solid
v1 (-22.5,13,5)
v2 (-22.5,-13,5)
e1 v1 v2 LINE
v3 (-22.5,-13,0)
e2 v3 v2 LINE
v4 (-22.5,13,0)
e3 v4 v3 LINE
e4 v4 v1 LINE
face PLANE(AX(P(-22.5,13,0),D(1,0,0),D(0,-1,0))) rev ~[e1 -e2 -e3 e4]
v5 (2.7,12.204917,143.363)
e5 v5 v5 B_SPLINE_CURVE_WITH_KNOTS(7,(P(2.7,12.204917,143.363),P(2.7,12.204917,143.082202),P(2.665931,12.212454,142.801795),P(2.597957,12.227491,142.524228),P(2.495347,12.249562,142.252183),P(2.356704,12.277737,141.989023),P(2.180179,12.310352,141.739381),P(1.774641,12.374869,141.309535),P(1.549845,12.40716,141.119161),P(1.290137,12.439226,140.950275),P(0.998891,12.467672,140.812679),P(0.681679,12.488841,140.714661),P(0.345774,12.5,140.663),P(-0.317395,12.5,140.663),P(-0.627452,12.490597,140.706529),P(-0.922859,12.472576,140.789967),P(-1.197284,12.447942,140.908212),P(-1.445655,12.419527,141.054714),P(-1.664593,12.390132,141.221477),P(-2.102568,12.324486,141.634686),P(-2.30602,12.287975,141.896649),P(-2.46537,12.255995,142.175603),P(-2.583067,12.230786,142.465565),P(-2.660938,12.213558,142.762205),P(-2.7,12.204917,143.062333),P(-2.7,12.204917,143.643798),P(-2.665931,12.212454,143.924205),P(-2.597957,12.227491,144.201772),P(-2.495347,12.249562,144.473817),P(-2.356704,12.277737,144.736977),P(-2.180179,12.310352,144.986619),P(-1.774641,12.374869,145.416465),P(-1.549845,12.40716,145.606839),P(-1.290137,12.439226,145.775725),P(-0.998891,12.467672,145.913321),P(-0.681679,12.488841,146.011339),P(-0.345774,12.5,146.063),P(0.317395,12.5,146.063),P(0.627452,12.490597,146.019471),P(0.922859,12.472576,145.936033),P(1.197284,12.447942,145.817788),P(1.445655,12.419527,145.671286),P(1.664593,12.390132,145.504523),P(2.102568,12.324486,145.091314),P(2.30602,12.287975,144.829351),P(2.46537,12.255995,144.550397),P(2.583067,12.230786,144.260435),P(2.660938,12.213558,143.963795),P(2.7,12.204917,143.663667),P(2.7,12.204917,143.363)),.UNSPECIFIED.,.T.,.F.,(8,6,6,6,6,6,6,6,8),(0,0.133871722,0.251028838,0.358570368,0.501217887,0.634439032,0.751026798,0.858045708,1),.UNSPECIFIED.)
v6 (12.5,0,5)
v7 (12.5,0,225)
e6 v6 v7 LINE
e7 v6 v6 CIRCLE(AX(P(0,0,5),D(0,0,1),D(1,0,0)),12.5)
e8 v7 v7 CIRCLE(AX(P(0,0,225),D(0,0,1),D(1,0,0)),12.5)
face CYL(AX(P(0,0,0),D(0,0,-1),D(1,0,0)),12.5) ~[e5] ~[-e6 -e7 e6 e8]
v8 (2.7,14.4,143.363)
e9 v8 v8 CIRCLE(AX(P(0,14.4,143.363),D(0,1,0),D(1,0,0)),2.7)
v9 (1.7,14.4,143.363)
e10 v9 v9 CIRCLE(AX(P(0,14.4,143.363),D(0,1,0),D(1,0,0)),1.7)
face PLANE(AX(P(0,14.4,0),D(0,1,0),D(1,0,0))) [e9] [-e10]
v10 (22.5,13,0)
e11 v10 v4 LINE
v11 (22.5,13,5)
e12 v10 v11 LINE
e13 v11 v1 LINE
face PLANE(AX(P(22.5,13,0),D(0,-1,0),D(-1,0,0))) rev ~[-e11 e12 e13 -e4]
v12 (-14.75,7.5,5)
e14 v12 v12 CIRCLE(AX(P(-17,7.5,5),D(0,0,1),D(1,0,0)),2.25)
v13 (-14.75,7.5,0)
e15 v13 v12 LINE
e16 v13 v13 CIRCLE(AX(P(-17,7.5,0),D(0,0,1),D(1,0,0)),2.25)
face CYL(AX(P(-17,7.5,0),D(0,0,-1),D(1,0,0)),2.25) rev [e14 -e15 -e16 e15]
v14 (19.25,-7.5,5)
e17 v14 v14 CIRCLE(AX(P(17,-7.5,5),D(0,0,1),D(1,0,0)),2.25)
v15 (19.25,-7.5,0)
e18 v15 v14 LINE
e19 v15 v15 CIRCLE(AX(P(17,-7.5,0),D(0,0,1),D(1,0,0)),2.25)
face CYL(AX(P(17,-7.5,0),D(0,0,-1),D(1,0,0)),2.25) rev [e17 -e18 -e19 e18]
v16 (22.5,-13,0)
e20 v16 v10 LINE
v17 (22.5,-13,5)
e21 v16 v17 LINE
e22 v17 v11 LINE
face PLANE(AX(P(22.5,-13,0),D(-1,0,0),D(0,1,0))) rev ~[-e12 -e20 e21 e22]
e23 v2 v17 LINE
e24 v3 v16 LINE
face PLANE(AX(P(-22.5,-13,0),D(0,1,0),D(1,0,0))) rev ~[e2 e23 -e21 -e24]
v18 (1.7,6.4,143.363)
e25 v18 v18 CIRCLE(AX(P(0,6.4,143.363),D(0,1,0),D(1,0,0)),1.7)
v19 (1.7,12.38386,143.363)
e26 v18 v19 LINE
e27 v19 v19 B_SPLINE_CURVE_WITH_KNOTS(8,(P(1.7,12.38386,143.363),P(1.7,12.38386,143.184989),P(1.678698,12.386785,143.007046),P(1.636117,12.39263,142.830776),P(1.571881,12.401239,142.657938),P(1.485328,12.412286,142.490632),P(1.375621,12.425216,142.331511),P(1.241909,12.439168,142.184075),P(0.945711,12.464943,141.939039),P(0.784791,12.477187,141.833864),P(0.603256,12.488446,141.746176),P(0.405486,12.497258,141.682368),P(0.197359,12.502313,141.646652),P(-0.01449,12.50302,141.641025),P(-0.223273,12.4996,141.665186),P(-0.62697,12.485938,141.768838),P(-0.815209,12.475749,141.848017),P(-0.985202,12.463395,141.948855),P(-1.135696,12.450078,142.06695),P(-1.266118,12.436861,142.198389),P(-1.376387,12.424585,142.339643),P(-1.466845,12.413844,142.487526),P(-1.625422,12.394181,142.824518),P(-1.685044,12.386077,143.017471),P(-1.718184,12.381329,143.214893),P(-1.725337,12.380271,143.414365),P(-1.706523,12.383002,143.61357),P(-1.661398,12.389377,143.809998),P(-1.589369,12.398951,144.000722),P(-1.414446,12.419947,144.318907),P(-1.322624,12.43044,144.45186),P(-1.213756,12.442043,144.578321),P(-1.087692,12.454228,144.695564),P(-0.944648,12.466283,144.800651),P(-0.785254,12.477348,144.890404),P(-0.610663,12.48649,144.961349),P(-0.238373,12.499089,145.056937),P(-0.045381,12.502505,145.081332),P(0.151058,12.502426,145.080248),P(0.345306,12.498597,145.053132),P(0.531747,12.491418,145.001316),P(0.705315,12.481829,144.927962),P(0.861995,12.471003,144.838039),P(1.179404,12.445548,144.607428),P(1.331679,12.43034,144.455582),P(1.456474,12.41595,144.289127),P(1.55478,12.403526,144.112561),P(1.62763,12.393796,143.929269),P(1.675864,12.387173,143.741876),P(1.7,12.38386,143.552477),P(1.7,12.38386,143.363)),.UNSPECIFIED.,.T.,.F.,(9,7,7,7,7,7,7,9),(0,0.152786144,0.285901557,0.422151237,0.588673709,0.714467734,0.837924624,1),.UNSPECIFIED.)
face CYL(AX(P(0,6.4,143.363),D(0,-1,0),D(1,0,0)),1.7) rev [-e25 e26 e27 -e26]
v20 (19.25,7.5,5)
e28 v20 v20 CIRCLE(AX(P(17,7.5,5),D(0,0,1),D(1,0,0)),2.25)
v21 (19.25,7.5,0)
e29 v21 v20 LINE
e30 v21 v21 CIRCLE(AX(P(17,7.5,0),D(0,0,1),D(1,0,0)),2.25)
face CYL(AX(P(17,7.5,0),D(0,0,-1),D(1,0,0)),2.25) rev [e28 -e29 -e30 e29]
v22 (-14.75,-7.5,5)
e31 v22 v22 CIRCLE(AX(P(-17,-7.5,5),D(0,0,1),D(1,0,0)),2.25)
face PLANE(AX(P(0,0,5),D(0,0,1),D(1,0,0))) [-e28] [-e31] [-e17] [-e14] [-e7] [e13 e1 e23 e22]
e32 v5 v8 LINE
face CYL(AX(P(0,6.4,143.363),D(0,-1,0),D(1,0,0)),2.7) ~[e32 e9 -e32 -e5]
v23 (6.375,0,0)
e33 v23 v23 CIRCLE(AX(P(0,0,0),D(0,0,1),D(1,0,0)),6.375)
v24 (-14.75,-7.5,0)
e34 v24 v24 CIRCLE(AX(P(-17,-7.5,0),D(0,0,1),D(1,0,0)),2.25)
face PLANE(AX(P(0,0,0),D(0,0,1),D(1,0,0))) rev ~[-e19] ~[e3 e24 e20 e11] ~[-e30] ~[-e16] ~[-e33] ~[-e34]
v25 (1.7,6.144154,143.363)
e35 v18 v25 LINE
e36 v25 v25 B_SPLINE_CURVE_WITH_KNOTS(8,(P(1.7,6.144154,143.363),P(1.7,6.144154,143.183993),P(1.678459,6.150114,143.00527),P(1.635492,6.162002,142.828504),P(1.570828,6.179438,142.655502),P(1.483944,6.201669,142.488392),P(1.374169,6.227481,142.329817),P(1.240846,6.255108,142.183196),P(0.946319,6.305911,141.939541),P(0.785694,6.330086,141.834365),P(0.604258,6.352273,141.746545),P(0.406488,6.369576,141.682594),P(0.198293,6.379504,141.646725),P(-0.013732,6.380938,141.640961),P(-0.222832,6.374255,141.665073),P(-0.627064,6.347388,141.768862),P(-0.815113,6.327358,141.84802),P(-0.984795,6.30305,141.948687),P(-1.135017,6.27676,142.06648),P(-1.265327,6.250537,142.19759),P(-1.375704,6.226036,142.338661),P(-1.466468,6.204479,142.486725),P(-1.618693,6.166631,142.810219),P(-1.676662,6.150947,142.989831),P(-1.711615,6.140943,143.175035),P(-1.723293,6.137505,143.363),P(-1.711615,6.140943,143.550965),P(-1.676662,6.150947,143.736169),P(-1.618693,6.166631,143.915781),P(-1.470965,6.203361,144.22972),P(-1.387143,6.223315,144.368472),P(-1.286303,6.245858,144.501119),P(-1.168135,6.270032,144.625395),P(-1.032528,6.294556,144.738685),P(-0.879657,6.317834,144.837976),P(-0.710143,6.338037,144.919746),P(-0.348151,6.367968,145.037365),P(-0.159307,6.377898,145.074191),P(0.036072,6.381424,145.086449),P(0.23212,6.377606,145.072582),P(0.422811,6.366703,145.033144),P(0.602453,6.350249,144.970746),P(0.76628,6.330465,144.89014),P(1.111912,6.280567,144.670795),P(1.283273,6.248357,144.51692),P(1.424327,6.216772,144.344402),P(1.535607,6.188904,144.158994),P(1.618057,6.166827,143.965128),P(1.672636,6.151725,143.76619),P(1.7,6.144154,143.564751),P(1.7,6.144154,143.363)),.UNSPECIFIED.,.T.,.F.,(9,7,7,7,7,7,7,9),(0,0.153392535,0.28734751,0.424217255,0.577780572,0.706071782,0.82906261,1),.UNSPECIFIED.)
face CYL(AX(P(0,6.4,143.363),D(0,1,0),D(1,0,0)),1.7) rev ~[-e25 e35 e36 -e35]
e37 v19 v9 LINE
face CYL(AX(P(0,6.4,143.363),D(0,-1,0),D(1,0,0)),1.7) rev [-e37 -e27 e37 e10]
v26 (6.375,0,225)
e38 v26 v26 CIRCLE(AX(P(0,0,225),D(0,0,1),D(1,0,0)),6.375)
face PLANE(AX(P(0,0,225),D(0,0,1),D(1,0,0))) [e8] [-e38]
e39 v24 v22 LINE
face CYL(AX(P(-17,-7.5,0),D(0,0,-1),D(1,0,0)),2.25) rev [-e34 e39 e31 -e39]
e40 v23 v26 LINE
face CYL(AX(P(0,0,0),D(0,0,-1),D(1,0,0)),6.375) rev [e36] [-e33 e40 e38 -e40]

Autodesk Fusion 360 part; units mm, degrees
sketch "Sketch1" plane through (0, 0, 0) normal (0, 0, 1) x (1, 0, 0)
  circle A0 centre (0, 0) radius 6.375
  circle A1 centre (0, 0) radius 12.5
  dimension "d1" = 25
  dimension "d2" = 12.75
extrude "Extrude1" add sketch "Sketch1" along normal blind 225 contours A0 | A1
extrude "Extrude19" cut sketch "Sketch1" along normal up to surface (225 mm away) contours A0
sketch "Sketch22" plane through (0, 0, 0) normal (0, 0, 1) x (1, 0, 0)
  line L0 (22.5, 13) -> (-22.5, 13)
  line L1 (-22.5, 13) -> (-22.5, -13)
  line L2 (-22.5, -13) -> (22.5, -13)
  line L3 (22.5, -13) -> (22.5, 13)
  circle A0 centre (0, 0) radius 6.375 construction
  circle A1 centre (0, 0) radius 12.5 construction
  line L4 (0, 0) -> (22.5, 0) construction
  line L5 (0, 0) -> (-22.5, 0) construction
  circle A2 centre (0, 0) radius 12.5
  circle A3 centre (17, 7.5) radius 2.25
  circle A4 centre (-17, 7.5) radius 2.25
  circle A5 centre (-17, -7.5) radius 2.25
  circle A6 centre (17, -7.5) radius 2.25
  point P0 (12.5, 0)
  point P1 (-12.5, 0)
  dimension "d150" = 10
  dimension "d151" = 10
  dimension "d152" = 13
  dimension "d155" = 4.5
  dimension "d156" = 17
  dimension "d157" = 17
  dimension "d158" = 17
  dimension "d159" = 17
  dimension "d160" = 4.5
  dimension "d161" = 4.5
  dimension "d162" = 4.5
  dimension "d163" = 7.5
  dimension "d164" = 7.5
  dimension "d165" = 7.5
  dimension "d166" = 7.5
extrude "Mount Holes" add sketch "Sketch22" along normal blind 5
ref_plane "WorkPlane4" through (0, 6.4, 0) normal (0, 1, 0) x (0, 0, 1)
sketch "Sketch21" plane through (0, 6.4, 0) normal (0, 1, 0) x (1, 0, 0)
  circle A0 centre (0, -143.363) radius 1.7
  circle A1 centre (0, -143.363) radius 2.7
  line L0 (-12.5, -225) -> (12.5, -225)
  line L1 (22.5, 0) -> (-22.5, 0) construction
  line L2 (-22.5, 0) -> (-22.5, -5) construction
  line L3 (-22.5, -5) -> (22.5, -5) construction
  line L4 (22.5, -5) -> (22.5, 0) construction
  line L5 (0, -5) -> (0, -225) construction
  dimension "d137" = 3.4
  dimension "d138" = 5.4
  dimension "d167" = 81.637
extrude "Extrude17" add sketch "Sketch21" along normal blind 8
extrude "Extrude18" cut sketch "Sketch21" along normal blind 8 and the other way blind 2 contours A0
equation "d5 = 12.8 mm"
equation "d20 = 0.105 in"
equation "d22 = d20"
equation "d29 = 2.5 in"
equation "d129 = 7.5 mm"
equation "d136 = d5 / 2"
equation "d138 = d137 + 2 mm"
equation "d151 = d150"
equation "d157 = d156"
equation "d158 = d156"
equation "d159 = d156"
equation "d160 = d155"
equation "d161 = d155"
equation "d162 = d155"
equation "d164 = d163"
equation "d165 = d163"
equation "d166 = d163"
equation "d50 = d48 / 2"
equation "d51 = d50"
equation "d52 = d53"
equation "d53 = d46 / 2"
equation "d54 = 4.25 mm"
equation "d55 = d54"
equation "d56 = -d45"
equation "d58 = 4.5 mm"
equation "d59 = d58"
equation "d64 = d67"
equation "d67 = 154.736 mm"
equation "d70 = d67"
equation "d110 = d26 / 2"
equation "d111 = d16 / 2"
equation "d115 = -d29"
equation "d119 = -d29"
equation "d127 = 17 mm"
equation "d128 = d127"
equation "d130 = d129"
equation "d131 = 4.25 mm"
equation "d132 = d131"
